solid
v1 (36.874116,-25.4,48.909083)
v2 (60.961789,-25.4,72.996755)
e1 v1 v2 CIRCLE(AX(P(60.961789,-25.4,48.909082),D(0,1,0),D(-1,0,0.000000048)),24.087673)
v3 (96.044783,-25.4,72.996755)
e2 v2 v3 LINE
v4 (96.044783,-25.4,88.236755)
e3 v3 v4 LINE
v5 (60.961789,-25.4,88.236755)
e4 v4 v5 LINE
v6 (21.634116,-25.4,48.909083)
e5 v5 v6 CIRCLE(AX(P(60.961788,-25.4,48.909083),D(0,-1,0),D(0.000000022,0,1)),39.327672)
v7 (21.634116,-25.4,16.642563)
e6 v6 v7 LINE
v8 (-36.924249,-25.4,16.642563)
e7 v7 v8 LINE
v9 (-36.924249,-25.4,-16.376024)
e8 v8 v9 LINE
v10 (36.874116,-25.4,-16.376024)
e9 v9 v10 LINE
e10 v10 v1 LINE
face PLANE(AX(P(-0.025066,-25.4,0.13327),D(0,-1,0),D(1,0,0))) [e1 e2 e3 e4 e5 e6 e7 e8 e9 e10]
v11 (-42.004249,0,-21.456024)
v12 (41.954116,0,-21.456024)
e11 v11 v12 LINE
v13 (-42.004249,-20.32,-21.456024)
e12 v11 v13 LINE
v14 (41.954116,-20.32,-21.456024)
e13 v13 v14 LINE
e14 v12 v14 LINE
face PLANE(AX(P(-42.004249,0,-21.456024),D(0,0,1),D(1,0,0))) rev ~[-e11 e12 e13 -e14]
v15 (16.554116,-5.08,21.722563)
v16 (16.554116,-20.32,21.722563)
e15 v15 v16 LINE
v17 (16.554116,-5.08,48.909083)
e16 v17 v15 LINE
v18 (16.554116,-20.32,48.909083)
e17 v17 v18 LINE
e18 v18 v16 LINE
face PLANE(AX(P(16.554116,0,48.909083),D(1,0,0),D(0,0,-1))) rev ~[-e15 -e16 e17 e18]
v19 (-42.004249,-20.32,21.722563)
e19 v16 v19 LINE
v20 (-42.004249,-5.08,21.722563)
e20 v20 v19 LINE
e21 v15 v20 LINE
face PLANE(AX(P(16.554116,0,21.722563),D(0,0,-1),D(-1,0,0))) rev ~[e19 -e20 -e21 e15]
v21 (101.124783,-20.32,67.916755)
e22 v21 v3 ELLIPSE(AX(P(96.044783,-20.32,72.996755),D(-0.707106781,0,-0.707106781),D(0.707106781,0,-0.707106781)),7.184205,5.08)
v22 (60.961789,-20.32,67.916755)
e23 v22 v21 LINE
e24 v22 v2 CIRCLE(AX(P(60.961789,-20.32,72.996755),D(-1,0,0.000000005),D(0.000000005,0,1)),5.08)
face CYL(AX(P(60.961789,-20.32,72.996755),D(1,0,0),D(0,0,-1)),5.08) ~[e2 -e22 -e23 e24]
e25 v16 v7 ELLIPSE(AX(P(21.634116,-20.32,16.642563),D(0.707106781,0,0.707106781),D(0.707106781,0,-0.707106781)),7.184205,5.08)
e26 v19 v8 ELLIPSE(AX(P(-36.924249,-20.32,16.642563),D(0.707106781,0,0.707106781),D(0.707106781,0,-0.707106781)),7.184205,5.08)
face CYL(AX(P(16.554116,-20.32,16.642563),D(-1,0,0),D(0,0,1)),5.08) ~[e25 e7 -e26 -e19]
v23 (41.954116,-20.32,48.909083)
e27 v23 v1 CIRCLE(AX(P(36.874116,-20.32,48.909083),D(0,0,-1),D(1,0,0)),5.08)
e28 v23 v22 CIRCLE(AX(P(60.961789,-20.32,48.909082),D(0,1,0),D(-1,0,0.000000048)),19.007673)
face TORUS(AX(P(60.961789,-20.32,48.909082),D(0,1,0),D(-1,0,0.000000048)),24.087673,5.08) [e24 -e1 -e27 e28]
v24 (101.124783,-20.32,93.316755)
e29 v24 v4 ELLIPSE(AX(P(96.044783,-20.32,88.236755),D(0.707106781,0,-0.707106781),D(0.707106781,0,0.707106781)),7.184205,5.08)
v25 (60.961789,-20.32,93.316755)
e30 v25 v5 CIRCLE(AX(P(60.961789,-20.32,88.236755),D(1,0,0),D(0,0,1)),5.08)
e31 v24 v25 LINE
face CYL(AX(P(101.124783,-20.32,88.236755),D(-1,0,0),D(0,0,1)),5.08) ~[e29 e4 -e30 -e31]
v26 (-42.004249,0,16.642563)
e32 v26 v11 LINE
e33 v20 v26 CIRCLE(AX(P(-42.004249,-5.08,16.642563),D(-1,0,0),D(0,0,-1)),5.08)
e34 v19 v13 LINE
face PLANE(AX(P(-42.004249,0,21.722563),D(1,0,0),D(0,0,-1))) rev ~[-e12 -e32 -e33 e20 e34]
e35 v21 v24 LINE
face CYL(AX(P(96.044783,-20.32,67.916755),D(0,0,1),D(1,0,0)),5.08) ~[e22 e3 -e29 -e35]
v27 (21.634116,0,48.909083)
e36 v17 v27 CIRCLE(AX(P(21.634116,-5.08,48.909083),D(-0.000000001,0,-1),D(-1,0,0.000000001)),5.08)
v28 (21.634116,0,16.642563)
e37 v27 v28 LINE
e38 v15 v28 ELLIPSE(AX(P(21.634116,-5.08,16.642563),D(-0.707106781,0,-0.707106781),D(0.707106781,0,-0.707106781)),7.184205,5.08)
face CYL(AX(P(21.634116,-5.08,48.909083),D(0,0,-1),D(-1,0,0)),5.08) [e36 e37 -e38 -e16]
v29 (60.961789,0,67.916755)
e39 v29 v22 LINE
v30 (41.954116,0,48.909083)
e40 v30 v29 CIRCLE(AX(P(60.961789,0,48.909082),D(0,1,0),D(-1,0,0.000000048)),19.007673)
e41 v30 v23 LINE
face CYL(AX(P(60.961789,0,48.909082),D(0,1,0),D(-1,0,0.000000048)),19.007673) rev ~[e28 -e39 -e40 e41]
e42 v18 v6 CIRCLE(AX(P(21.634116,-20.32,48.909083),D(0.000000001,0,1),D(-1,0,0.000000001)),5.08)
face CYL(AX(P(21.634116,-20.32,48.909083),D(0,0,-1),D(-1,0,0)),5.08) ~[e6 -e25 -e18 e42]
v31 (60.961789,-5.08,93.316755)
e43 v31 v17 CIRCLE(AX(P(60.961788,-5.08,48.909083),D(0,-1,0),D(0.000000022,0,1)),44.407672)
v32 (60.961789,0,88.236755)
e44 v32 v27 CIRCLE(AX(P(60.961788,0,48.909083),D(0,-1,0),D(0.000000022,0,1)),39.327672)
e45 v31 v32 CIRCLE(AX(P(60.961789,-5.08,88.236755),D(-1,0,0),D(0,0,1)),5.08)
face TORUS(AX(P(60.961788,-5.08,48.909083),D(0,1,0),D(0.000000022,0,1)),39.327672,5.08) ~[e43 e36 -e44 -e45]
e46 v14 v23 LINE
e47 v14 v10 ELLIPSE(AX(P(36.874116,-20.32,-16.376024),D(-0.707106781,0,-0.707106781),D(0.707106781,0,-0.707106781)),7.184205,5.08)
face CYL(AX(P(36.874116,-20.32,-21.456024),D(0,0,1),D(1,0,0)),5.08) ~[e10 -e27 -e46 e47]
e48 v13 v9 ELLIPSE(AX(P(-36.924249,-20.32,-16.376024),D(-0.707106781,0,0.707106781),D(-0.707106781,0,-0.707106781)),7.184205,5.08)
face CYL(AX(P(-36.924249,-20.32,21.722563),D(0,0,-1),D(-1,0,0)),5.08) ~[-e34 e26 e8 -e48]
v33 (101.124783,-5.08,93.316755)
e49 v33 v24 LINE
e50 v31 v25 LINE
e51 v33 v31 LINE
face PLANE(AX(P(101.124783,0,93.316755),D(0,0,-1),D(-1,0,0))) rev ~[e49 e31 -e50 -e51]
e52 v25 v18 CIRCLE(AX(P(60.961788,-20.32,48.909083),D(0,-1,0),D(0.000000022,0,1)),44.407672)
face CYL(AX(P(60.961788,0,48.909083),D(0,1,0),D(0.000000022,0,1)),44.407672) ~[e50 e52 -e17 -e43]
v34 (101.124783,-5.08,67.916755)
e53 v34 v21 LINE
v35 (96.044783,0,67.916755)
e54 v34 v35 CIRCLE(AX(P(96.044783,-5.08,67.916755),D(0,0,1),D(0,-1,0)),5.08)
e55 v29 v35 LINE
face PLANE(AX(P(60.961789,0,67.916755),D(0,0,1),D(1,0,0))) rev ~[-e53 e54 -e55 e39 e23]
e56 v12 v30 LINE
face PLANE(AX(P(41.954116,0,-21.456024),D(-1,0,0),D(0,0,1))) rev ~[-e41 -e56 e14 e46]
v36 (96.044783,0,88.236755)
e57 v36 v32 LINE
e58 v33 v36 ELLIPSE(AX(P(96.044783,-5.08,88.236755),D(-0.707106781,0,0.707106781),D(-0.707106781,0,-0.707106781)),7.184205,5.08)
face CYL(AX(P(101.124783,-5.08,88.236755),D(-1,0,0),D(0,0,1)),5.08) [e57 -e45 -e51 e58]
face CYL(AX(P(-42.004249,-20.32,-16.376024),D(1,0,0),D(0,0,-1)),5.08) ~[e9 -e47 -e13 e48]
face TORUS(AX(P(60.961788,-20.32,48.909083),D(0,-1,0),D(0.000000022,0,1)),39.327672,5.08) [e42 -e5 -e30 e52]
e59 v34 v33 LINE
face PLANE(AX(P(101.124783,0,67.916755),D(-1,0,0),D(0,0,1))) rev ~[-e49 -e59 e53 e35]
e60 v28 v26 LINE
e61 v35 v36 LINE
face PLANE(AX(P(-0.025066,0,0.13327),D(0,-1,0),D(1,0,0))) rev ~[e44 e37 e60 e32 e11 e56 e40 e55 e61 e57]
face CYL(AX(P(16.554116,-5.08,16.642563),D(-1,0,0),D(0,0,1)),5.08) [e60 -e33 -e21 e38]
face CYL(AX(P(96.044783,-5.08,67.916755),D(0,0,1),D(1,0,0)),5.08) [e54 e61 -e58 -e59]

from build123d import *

# Parameters (mm, degrees)
F1_DEPTH = 25.4
F2_R     = 5.08


with BuildPart() as f1:
    # F0 (on Front) → F1 (new body)
    with BuildSketch(Plane.XZ):
        Polygon((-42.004249, 21.722563), (-42.004249, -21.456024), (41.954116, -21.456024), (41.954116, 21.722563), (16.554116, 21.722563), align=None)
        with BuildLine():
            Line((16.554116, 21.722563), (41.954116, 21.722563))
            Line((41.954116, 21.722563), (41.954116, 48.909083))
            ThreePointArc((41.954116, 48.909083), (47.521335, 62.349537), (60.961789, 67.916755))
            Line((60.961789, 67.916755), (101.124783, 67.916755))
            Line((101.124783, 67.916755), (101.124783, 93.316755))
            Line((101.124783, 93.316755), (60.961789, 93.316755))
            ThreePointArc((60.961789, 93.316755), (29.560822, 80.310049), (16.554116, 48.909083))
            Line((16.554116, 48.909083), (16.554116, 21.722563))
        make_face()
    extrude(amount=F1_DEPTH)

    # F2
    f2_edges = [f1.edges().sort_by_distance(p)[0] for p in [
        (-42.004249, -25.4, 0.133269),
        (-0.025066, -25.4, -21.456024),
        (41.954116, -25.4, 13.72653),
        (47.521335, -25.4, 62.349537),
        (81.043286, -25.4, 67.916755),
        (101.124783, -25.4, 80.616755),
        (81.043286, -25.4, 93.316755),
        (29.560822, -25.4, 80.310049),
        (16.554116, -25.4, 35.315823),
        (-12.725066, -25.4, 21.722563),
        (81.043286, 0, 93.316755),
        (-12.725066, 0, 21.722563),
        (101.124783, 0, 80.616755),
    ]]
    fillet(f2_edges, radius=F2_R)


solid = f1.part
